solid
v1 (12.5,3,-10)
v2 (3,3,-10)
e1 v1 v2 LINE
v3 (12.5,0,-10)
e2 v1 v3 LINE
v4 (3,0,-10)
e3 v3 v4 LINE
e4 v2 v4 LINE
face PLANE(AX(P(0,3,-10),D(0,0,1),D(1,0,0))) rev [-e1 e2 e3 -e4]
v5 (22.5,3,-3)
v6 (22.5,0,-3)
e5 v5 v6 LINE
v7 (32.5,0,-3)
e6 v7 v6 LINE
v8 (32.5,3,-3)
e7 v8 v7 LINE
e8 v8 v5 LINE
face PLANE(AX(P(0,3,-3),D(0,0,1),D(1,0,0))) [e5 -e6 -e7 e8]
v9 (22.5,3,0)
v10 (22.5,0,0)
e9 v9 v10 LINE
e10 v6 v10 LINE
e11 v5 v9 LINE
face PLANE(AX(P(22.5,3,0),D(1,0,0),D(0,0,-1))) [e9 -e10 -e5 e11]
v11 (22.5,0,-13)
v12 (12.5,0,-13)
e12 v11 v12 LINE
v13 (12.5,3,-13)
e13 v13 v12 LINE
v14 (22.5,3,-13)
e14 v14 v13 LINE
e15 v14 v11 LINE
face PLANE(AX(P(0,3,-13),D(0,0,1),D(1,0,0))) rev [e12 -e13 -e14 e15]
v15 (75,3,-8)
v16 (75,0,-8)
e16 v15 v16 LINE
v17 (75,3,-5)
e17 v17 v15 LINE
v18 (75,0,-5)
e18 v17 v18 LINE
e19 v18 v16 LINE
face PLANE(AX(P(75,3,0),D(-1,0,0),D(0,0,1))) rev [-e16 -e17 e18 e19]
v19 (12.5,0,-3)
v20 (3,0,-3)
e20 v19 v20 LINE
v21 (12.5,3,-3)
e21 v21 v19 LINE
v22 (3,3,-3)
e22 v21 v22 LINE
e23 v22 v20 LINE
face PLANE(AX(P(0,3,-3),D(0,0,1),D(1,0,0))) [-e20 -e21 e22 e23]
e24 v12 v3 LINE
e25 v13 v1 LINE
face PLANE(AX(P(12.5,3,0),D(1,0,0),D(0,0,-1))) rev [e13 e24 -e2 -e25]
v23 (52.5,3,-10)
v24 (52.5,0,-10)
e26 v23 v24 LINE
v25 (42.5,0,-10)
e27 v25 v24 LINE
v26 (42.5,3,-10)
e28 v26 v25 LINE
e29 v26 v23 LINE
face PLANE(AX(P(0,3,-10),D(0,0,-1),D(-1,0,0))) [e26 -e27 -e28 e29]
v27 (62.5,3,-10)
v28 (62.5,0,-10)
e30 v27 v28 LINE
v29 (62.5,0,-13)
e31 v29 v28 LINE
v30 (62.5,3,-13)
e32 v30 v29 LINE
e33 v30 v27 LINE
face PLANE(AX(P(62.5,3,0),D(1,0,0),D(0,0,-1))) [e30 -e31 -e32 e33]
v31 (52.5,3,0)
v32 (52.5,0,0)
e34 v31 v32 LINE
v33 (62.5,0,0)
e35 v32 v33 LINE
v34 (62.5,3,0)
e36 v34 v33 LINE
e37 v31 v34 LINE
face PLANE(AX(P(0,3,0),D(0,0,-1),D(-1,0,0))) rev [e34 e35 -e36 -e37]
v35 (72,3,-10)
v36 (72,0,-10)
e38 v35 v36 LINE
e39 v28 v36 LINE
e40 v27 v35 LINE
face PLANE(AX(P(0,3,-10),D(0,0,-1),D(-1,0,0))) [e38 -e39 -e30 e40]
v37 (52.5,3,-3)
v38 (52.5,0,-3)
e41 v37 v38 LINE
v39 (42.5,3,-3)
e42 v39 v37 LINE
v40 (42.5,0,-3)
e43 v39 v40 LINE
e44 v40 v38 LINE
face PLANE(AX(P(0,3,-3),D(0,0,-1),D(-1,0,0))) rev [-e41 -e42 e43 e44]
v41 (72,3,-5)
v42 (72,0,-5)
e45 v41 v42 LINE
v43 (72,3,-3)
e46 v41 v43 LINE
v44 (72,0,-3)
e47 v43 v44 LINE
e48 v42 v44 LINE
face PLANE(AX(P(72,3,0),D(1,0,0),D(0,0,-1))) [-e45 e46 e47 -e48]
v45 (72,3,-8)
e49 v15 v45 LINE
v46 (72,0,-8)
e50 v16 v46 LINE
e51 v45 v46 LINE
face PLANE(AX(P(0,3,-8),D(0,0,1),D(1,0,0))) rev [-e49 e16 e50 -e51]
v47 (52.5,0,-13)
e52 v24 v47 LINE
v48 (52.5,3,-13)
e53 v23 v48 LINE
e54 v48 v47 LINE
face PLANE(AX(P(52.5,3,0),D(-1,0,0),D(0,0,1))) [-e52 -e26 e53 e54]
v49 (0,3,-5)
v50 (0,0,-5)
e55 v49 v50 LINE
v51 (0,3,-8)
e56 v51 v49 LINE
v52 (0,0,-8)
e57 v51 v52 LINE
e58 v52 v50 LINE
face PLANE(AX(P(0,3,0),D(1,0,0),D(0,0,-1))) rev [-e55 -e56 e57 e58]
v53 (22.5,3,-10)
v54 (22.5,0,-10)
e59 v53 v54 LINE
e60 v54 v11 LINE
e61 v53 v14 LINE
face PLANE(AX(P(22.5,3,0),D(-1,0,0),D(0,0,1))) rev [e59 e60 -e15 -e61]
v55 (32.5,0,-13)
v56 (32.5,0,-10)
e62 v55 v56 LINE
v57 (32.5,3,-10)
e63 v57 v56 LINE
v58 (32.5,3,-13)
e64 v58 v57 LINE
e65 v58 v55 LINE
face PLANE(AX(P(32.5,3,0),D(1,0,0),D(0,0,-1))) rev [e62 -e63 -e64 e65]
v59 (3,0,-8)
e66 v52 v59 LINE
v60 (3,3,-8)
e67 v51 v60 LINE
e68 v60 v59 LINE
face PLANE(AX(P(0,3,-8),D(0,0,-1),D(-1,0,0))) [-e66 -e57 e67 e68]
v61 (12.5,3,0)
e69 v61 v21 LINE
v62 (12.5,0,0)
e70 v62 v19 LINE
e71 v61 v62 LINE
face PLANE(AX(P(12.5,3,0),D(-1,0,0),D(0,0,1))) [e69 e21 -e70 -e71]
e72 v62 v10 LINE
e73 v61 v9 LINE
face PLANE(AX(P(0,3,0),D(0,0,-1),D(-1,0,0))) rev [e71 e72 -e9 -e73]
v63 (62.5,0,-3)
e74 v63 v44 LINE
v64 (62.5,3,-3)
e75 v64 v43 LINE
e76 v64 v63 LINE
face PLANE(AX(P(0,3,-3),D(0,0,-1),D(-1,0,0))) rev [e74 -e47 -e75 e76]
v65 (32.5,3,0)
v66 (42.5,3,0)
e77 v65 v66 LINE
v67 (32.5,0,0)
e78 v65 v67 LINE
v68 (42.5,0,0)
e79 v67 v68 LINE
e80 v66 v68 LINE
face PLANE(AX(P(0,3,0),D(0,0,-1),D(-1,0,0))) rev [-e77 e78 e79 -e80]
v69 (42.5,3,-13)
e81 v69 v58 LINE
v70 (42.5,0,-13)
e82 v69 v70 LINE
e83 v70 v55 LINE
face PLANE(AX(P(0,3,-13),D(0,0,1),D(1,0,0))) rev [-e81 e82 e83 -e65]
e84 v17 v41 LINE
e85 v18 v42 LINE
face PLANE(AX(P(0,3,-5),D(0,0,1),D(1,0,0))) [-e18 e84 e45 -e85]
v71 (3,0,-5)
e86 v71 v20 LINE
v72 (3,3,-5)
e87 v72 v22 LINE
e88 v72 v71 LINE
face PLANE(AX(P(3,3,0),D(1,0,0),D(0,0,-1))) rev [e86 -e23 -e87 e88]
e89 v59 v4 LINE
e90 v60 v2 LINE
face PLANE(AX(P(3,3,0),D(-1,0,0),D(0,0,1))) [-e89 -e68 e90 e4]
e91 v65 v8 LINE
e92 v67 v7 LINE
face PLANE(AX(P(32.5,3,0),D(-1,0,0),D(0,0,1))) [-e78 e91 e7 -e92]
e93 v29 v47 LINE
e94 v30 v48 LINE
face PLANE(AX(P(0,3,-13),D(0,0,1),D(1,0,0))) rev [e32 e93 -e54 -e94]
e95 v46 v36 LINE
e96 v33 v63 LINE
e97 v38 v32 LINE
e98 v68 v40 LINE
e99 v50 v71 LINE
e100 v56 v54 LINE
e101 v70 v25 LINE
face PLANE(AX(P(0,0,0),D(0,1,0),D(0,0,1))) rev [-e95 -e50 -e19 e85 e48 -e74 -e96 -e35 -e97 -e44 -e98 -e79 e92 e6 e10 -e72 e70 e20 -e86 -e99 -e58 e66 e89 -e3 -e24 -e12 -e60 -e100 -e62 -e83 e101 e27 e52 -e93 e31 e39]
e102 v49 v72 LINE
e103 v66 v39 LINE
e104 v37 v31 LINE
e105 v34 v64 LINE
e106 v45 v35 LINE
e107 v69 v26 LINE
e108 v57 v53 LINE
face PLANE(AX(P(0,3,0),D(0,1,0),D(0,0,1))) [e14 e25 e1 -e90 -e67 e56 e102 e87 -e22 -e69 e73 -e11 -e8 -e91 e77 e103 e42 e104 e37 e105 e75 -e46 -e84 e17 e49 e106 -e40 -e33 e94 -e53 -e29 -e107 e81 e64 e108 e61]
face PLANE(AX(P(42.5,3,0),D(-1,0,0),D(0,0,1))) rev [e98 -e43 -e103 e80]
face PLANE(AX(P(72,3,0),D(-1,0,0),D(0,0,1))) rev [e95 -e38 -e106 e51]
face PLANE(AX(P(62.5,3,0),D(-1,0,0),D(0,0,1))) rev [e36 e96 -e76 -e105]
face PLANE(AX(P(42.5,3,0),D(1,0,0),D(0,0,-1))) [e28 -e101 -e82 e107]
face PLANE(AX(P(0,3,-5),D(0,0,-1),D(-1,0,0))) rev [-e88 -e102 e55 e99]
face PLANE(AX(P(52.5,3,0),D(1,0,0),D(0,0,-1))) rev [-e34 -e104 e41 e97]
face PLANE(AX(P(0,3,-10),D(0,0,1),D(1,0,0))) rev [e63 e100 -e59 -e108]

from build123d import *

# Parameters (mm, degrees)
SALIENTE_EXTRUIR1_DEPTH = 3


with BuildPart() as part:
    # Croquis1 → Saliente-Extruir1 (new body)
    with BuildSketch(Plane(origin=(0, 0, 0), x_dir=(1, 0, 0), z_dir=(0, 1, 0))):
        Polygon((12.5, 3), (12.5, 0), (22.5, 0), (22.5, 3), (32.5, 3), (32.5, 0), (42.5, 0), (42.5, 3), (52.5, 3), (52.5, 0), (62.5, 0), (62.5, 3), (72, 3), (72, 5), (75, 5), (75, 8), (72, 8), (72, 10), (62.5, 10), (62.5, 13), (52.5, 13), (52.5, 10), (42.5, 10), (42.5, 13), (37.5, 13), (32.5, 13), (32.5, 10), (22.5, 10), (22.5, 13), (12.5, 13), (12.5, 10), (3, 10), (3, 8), (0, 8), (0, 6.5), (0, 5), (3, 5), (3, 3), align=None)
    extrude(amount=SALIENTE_EXTRUIR1_DEPTH)


solid = part.part
